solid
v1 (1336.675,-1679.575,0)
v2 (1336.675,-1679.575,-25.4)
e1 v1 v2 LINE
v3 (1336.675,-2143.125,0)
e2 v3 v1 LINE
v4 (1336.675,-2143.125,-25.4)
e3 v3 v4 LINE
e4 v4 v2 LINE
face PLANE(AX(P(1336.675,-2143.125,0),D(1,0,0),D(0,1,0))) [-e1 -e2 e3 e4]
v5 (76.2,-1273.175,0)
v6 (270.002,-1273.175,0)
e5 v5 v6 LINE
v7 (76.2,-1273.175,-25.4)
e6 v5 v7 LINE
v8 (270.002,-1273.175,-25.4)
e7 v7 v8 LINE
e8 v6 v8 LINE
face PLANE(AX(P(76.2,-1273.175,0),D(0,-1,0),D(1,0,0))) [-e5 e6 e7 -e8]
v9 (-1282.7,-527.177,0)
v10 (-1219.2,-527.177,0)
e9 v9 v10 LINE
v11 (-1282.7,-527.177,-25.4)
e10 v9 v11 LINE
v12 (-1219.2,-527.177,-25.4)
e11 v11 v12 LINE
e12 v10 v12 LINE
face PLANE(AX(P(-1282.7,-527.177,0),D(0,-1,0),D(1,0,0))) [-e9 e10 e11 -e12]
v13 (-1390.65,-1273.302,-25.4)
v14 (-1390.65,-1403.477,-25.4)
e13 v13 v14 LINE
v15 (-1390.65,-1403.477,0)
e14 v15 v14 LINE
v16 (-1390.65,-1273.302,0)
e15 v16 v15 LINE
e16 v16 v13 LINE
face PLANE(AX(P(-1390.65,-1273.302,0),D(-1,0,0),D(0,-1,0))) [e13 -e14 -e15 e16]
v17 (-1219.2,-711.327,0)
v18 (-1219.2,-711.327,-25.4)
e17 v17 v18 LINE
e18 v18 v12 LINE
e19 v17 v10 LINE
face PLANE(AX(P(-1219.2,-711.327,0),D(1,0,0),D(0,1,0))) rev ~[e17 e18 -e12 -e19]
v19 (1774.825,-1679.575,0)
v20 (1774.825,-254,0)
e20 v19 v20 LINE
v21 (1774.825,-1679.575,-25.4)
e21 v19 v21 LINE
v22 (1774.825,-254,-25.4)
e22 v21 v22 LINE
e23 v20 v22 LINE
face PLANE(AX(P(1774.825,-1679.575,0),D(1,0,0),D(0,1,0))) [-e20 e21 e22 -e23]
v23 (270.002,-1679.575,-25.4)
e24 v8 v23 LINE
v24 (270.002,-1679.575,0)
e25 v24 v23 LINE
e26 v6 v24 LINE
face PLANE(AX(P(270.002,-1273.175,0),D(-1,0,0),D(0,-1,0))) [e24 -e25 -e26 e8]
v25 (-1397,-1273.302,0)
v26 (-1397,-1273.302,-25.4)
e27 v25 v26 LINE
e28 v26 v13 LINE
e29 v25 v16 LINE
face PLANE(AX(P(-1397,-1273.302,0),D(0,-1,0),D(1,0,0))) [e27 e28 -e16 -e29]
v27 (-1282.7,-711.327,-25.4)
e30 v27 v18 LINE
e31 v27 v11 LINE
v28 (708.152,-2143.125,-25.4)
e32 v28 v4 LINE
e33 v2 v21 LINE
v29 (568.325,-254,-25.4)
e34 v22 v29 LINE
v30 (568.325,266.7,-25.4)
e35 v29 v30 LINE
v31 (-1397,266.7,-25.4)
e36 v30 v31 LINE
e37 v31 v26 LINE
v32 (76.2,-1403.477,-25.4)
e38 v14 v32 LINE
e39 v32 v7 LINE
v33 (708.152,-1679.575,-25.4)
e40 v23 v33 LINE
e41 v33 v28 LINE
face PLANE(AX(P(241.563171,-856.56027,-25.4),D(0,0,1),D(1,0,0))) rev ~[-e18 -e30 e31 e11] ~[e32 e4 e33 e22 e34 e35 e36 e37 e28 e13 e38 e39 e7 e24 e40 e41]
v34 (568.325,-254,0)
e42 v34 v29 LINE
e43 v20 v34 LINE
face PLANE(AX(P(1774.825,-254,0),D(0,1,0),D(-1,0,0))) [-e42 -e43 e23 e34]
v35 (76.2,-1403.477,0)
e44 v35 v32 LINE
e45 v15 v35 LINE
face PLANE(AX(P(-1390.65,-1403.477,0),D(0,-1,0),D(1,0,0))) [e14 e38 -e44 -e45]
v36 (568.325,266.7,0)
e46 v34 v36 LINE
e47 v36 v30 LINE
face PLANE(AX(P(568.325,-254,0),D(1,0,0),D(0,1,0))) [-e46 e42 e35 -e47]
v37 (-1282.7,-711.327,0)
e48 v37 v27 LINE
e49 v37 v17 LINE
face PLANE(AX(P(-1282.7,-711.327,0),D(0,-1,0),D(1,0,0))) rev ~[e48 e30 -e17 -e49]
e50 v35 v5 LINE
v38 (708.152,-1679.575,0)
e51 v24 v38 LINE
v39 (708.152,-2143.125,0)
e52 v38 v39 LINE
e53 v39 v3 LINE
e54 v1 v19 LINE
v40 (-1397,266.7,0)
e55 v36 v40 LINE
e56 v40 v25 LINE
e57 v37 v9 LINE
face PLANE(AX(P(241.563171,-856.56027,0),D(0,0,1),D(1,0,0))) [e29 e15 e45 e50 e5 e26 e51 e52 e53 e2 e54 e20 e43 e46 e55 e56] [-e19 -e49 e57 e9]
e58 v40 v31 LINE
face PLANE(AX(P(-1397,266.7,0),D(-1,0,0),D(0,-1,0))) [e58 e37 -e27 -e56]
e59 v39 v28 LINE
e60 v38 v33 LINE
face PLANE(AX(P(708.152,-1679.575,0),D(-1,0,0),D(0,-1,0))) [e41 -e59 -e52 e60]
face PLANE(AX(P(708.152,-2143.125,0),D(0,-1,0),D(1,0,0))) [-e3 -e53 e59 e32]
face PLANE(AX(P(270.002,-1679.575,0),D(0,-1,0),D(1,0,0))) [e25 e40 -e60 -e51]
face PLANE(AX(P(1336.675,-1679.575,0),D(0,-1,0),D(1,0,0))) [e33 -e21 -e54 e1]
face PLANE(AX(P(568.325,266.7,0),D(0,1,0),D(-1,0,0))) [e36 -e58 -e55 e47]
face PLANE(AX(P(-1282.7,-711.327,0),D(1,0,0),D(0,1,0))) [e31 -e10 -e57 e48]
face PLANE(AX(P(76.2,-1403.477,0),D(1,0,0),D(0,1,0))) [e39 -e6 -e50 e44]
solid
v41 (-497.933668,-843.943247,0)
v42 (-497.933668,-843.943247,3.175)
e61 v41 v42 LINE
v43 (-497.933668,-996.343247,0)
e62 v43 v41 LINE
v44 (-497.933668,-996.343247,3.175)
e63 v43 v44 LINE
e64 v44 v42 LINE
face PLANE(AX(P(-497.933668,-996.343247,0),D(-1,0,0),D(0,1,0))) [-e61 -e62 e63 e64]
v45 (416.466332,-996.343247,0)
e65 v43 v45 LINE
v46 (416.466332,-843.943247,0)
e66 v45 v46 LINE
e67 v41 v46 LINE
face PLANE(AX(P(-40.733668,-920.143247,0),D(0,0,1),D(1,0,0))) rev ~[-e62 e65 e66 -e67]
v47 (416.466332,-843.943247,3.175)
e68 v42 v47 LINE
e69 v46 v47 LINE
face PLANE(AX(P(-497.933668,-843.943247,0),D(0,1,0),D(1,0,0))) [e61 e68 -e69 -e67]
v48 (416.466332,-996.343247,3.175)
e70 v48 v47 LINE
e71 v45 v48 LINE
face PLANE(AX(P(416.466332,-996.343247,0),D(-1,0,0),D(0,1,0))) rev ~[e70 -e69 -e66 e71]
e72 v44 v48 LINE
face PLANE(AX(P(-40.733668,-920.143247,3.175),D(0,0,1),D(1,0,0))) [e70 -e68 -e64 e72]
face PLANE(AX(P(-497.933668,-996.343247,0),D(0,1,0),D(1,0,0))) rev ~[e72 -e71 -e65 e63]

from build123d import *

# Parameters (mm, degrees)
F0_W     = 63.5
F0_H     = 184.15
F1_DEPTH = 25.4
F2_W     = 914.4
F2_H     = 152.4
F3_DEPTH = 3.175


with BuildPart() as f1:
    # F0 (on Top) → F1 (new body)
    with BuildSketch(Plane.XY):
        Polygon((568.325, 266.7), (-1397, 266.7), (-1397, -1273.302), (-1390.65, -1273.302), (-1390.65, -1403.477), (76.2, -1403.477), (76.2, -1273.175), (270.002, -1273.175), (270.002, -1679.575), (708.152, -1679.575), (708.152, -2143.125), (1336.675, -2143.125), (1336.675, -1679.575), (1774.825, -1679.575), (1774.825, -254), (568.325, -254), align=None)
        with Locations((-1250.95, -619.252)):
            Rectangle(F0_W, F0_H, mode=Mode.SUBTRACT)
    extrude(amount=-F1_DEPTH)


with BuildPart() as f3:
    # F2 (on face) → F3 (new body)
    with BuildSketch(Plane.XY):
        with Locations((-40.733668, -920.143247)):
            Rectangle(F2_W, F2_H)
    extrude(amount=F3_DEPTH)


solid = Compound([f1.part, f3.part])
